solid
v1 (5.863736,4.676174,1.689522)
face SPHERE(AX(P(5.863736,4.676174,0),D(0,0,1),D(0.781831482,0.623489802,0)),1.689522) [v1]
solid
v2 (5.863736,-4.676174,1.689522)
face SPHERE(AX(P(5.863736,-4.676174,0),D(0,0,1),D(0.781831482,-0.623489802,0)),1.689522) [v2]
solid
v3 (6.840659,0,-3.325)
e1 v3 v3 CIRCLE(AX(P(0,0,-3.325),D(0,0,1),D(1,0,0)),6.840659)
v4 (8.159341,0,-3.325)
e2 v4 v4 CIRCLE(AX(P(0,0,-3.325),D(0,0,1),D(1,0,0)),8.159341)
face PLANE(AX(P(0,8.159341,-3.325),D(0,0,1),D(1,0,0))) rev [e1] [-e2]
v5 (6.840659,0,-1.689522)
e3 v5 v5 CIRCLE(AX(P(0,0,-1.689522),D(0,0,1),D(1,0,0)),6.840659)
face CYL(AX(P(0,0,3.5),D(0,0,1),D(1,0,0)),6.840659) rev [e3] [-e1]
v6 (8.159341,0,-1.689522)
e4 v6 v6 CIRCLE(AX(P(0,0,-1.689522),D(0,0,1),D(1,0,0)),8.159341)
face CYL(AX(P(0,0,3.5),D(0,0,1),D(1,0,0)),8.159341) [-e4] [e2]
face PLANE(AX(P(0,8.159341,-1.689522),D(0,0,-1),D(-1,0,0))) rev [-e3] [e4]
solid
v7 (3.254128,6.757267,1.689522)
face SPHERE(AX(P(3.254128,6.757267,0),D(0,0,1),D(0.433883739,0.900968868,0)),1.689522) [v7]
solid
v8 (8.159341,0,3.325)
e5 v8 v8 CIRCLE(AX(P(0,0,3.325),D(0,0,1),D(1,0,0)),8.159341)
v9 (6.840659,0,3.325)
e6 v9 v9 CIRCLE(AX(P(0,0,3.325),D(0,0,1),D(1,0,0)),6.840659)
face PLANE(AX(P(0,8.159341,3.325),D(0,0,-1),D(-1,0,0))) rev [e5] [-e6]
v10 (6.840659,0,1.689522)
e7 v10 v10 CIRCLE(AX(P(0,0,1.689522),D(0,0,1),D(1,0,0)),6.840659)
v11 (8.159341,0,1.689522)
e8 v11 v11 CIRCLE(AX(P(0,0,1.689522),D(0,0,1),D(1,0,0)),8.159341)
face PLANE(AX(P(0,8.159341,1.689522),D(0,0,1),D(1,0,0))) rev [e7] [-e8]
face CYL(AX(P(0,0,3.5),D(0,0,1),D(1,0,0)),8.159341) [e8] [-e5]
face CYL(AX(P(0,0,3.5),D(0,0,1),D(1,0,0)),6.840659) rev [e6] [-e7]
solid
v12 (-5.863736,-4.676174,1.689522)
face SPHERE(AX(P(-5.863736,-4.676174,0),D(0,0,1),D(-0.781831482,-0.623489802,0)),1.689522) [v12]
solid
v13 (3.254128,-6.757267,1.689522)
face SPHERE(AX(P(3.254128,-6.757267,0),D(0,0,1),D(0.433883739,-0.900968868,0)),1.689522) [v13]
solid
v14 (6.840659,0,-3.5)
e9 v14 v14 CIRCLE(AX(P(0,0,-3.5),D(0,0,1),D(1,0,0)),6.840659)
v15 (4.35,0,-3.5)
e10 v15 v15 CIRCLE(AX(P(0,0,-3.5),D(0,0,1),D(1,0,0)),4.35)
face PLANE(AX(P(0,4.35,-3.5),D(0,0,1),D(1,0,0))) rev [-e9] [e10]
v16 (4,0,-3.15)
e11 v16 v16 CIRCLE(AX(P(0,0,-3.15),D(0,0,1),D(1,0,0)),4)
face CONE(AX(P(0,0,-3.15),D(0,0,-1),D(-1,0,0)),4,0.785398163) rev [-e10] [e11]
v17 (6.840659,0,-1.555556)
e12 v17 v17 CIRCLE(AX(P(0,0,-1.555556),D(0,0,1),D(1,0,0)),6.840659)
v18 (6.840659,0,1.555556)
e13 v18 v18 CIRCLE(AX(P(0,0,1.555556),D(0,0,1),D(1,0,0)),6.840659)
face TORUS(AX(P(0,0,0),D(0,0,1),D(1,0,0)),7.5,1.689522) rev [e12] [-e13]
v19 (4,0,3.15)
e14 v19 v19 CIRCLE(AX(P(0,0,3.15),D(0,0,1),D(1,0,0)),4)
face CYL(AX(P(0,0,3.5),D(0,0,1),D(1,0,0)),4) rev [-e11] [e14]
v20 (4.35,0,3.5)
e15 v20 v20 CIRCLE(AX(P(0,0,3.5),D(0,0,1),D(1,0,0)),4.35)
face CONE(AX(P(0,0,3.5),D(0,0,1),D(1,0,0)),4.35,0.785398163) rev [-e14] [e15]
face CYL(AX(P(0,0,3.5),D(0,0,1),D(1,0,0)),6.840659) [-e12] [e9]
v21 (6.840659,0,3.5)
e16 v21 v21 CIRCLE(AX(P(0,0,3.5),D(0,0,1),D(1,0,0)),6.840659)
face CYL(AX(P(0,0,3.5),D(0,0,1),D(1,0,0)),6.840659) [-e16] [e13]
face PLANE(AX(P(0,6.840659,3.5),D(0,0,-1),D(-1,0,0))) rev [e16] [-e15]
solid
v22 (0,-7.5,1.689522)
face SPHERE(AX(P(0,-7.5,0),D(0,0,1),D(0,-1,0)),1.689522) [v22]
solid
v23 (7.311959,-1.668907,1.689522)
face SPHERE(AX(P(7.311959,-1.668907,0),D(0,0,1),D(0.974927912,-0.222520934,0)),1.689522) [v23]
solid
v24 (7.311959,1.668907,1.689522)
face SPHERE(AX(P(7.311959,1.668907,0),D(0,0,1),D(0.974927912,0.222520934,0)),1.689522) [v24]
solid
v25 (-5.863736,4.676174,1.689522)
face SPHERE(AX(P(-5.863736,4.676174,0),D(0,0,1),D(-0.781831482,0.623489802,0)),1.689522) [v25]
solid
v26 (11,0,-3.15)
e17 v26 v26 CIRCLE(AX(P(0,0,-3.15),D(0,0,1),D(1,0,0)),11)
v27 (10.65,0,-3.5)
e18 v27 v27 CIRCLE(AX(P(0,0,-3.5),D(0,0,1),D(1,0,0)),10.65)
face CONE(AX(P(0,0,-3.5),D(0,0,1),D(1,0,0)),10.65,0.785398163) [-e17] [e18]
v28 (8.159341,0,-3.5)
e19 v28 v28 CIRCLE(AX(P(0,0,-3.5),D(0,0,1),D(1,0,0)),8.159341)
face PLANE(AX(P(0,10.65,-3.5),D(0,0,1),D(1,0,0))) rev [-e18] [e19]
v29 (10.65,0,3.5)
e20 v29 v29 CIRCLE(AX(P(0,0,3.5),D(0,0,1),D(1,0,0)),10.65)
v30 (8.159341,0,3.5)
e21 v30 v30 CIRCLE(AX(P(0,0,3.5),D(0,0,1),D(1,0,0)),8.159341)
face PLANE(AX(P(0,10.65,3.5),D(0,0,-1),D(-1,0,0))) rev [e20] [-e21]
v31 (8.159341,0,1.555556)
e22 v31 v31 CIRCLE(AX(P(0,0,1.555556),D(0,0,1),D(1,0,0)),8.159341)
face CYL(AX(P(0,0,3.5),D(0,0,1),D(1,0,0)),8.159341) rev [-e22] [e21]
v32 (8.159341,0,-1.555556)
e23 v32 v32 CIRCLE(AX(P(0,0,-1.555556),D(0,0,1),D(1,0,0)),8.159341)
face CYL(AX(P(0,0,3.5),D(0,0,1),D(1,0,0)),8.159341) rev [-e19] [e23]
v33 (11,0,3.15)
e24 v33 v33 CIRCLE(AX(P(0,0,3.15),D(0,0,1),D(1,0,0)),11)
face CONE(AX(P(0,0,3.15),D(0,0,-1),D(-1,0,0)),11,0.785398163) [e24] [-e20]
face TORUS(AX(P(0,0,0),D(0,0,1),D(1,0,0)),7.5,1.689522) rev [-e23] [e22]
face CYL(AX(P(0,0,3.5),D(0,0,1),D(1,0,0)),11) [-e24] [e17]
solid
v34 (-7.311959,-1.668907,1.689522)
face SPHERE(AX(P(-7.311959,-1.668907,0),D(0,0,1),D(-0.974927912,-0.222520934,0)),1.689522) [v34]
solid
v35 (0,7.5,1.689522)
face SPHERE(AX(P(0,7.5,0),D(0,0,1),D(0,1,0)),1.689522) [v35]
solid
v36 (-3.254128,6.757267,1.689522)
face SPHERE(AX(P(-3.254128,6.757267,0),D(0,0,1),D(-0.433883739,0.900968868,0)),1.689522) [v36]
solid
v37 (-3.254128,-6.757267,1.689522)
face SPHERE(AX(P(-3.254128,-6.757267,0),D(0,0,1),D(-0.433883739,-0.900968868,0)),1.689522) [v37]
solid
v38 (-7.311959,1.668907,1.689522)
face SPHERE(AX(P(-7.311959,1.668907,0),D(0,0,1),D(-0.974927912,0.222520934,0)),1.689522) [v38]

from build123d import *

# Parameters (mm, degrees)
CIRPATTERN1_COUNT = 14
SKETCH6_W         = 1.635478413
SKETCH6_H         = 1.318681318


with BuildPart() as part:
    # Sketch1 → Revolve1 (revolve)
    with BuildSketch(Plane(origin=(0, 0, 0), x_dir=(0, 0, -1), z_dir=(1, 0, 0))):
        with BuildLine():
            Line((3.15, 11), (-3.15, 11))
            Line((-3.15, 11), (-3.5, 10.65))
            Line((-3.5, 10.65), (-3.5, 8.159340659))
            Line((-3.5, 8.159340659), (-1.555555556, 8.159340659))
            ThreePointArc((-1.555555556, 8.159340659), (0, 9.189521587), (1.555555556, 8.159340659))
            Line((1.555555556, 8.159340659), (3.5, 8.159340659))
            Line((3.5, 8.159340659), (3.5, 10.65))
            Line((3.5, 10.65), (3.15, 11))
        make_face()
    revolve(axis=Axis((0, 0, 3.5), (0, 0, -1)))


with BuildPart() as body_2:
    # Sketch3 → Revolve3 (revolve)
    with BuildSketch(Plane(origin=(0, 0, 0), x_dir=(0, 0, -1), z_dir=(1, 0, 0))):
        with BuildLine():
            Line((-3.5, 6.840659341), (-1.555555556, 6.840659341))
            ThreePointArc((-1.555555556, 6.840659341), (0, 5.810478413), (1.555555556, 6.840659341))
            Line((1.555555556, 6.840659341), (3.5, 6.840659341))
            Line((3.5, 6.840659341), (3.5, 4.35))
            Line((3.5, 4.35), (3.15, 4))
            Line((3.15, 4), (-3.15, 4))
            Line((-3.15, 4), (-3.5, 4.35))
            Line((-3.5, 4.35), (-3.5, 6.840659341))
        make_face()
    revolve(axis=Axis((0, 0, 3.5), (0, 0, -1)))


with BuildPart() as body_3:
    # Sketch4 → Revolve4 (revolve)
    with BuildSketch(Plane(origin=(0, 0, 0), x_dir=(0, 0, -1), z_dir=(1, 0, 0))):
        with BuildLine():
            Line((-1.689521587, 7.5), (1.689521587, 7.5))
            ThreePointArc((1.689521587, 7.5), (0, 9.189521587), (-1.689521587, 7.5))
        make_face()
    revolve(axis=Axis((0, 7.5, 1.689521587), (0, 0, -1)))


with BuildPart() as cirpattern1_1:
    # CirPattern1: pattern copy
    add(body_3.part.rotate(Axis((0, 0, -3.5), (0, 0, 1)), 1 * 360 / CIRPATTERN1_COUNT))


with BuildPart() as cirpattern1_2:
    # CirPattern1: pattern copy
    add(body_3.part.rotate(Axis((0, 0, -3.5), (0, 0, 1)), 2 * 360 / CIRPATTERN1_COUNT))


with BuildPart() as cirpattern1_3:
    # CirPattern1: pattern copy
    add(body_3.part.rotate(Axis((0, 0, -3.5), (0, 0, 1)), 3 * 360 / CIRPATTERN1_COUNT))


with BuildPart() as cirpattern1_4:
    # CirPattern1: pattern copy
    add(body_3.part.rotate(Axis((0, 0, -3.5), (0, 0, 1)), 4 * 360 / CIRPATTERN1_COUNT))


with BuildPart() as cirpattern1_5:
    # CirPattern1: pattern copy
    add(body_3.part.rotate(Axis((0, 0, -3.5), (0, 0, 1)), 5 * 360 / CIRPATTERN1_COUNT))


with BuildPart() as cirpattern1_6:
    # CirPattern1: pattern copy
    add(body_3.part.rotate(Axis((0, 0, -3.5), (0, 0, 1)), 6 * 360 / CIRPATTERN1_COUNT))


with BuildPart() as cirpattern1_7:
    # CirPattern1: pattern copy
    add(body_3.part.rotate(Axis((0, 0, -3.5), (0, 0, 1)), 7 * 360 / CIRPATTERN1_COUNT))


with BuildPart() as cirpattern1_8:
    # CirPattern1: pattern copy
    add(body_3.part.rotate(Axis((0, 0, -3.5), (0, 0, 1)), 8 * 360 / CIRPATTERN1_COUNT))


with BuildPart() as cirpattern1_9:
    # CirPattern1: pattern copy
    add(body_3.part.rotate(Axis((0, 0, -3.5), (0, 0, 1)), 9 * 360 / CIRPATTERN1_COUNT))


with BuildPart() as cirpattern1_10:
    # CirPattern1: pattern copy
    add(body_3.part.rotate(Axis((0, 0, -3.5), (0, 0, 1)), 10 * 360 / CIRPATTERN1_COUNT))


with BuildPart() as cirpattern1_11:
    # CirPattern1: pattern copy
    add(body_3.part.rotate(Axis((0, 0, -3.5), (0, 0, 1)), 11 * 360 / CIRPATTERN1_COUNT))


with BuildPart() as cirpattern1_12:
    # CirPattern1: pattern copy
    add(body_3.part.rotate(Axis((0, 0, -3.5), (0, 0, 1)), 12 * 360 / CIRPATTERN1_COUNT))


with BuildPart() as cirpattern1_13:
    # CirPattern1: pattern copy
    add(body_3.part.rotate(Axis((0, 0, -3.5), (0, 0, 1)), 13 * 360 / CIRPATTERN1_COUNT))


with BuildPart() as body_17:
    # Sketch6 → Revolve5 (revolve)
    with BuildSketch(Plane(origin=(0, 0, 0), x_dir=(0, 0, -1), z_dir=(1, 0, 0))):
        with Locations((-2.507260794, 7.5)):
            Rectangle(SKETCH6_W, SKETCH6_H)
        with Locations((2.507260794, 7.5)):
            Rectangle(SKETCH6_W, SKETCH6_H)
    revolve(axis=Axis((0, 0, 3.5), (0, 0, -1)))


solid = Compound([part.part, body_2.part, body_3.part, cirpattern1_1.part, cirpattern1_2.part, cirpattern1_3.part, cirpattern1_4.part, cirpattern1_5.part, cirpattern1_6.part, cirpattern1_7.part, cirpattern1_8.part, cirpattern1_9.part, cirpattern1_10.part, cirpattern1_11.part, cirpattern1_12.part, cirpattern1_13.part, body_17.part])
